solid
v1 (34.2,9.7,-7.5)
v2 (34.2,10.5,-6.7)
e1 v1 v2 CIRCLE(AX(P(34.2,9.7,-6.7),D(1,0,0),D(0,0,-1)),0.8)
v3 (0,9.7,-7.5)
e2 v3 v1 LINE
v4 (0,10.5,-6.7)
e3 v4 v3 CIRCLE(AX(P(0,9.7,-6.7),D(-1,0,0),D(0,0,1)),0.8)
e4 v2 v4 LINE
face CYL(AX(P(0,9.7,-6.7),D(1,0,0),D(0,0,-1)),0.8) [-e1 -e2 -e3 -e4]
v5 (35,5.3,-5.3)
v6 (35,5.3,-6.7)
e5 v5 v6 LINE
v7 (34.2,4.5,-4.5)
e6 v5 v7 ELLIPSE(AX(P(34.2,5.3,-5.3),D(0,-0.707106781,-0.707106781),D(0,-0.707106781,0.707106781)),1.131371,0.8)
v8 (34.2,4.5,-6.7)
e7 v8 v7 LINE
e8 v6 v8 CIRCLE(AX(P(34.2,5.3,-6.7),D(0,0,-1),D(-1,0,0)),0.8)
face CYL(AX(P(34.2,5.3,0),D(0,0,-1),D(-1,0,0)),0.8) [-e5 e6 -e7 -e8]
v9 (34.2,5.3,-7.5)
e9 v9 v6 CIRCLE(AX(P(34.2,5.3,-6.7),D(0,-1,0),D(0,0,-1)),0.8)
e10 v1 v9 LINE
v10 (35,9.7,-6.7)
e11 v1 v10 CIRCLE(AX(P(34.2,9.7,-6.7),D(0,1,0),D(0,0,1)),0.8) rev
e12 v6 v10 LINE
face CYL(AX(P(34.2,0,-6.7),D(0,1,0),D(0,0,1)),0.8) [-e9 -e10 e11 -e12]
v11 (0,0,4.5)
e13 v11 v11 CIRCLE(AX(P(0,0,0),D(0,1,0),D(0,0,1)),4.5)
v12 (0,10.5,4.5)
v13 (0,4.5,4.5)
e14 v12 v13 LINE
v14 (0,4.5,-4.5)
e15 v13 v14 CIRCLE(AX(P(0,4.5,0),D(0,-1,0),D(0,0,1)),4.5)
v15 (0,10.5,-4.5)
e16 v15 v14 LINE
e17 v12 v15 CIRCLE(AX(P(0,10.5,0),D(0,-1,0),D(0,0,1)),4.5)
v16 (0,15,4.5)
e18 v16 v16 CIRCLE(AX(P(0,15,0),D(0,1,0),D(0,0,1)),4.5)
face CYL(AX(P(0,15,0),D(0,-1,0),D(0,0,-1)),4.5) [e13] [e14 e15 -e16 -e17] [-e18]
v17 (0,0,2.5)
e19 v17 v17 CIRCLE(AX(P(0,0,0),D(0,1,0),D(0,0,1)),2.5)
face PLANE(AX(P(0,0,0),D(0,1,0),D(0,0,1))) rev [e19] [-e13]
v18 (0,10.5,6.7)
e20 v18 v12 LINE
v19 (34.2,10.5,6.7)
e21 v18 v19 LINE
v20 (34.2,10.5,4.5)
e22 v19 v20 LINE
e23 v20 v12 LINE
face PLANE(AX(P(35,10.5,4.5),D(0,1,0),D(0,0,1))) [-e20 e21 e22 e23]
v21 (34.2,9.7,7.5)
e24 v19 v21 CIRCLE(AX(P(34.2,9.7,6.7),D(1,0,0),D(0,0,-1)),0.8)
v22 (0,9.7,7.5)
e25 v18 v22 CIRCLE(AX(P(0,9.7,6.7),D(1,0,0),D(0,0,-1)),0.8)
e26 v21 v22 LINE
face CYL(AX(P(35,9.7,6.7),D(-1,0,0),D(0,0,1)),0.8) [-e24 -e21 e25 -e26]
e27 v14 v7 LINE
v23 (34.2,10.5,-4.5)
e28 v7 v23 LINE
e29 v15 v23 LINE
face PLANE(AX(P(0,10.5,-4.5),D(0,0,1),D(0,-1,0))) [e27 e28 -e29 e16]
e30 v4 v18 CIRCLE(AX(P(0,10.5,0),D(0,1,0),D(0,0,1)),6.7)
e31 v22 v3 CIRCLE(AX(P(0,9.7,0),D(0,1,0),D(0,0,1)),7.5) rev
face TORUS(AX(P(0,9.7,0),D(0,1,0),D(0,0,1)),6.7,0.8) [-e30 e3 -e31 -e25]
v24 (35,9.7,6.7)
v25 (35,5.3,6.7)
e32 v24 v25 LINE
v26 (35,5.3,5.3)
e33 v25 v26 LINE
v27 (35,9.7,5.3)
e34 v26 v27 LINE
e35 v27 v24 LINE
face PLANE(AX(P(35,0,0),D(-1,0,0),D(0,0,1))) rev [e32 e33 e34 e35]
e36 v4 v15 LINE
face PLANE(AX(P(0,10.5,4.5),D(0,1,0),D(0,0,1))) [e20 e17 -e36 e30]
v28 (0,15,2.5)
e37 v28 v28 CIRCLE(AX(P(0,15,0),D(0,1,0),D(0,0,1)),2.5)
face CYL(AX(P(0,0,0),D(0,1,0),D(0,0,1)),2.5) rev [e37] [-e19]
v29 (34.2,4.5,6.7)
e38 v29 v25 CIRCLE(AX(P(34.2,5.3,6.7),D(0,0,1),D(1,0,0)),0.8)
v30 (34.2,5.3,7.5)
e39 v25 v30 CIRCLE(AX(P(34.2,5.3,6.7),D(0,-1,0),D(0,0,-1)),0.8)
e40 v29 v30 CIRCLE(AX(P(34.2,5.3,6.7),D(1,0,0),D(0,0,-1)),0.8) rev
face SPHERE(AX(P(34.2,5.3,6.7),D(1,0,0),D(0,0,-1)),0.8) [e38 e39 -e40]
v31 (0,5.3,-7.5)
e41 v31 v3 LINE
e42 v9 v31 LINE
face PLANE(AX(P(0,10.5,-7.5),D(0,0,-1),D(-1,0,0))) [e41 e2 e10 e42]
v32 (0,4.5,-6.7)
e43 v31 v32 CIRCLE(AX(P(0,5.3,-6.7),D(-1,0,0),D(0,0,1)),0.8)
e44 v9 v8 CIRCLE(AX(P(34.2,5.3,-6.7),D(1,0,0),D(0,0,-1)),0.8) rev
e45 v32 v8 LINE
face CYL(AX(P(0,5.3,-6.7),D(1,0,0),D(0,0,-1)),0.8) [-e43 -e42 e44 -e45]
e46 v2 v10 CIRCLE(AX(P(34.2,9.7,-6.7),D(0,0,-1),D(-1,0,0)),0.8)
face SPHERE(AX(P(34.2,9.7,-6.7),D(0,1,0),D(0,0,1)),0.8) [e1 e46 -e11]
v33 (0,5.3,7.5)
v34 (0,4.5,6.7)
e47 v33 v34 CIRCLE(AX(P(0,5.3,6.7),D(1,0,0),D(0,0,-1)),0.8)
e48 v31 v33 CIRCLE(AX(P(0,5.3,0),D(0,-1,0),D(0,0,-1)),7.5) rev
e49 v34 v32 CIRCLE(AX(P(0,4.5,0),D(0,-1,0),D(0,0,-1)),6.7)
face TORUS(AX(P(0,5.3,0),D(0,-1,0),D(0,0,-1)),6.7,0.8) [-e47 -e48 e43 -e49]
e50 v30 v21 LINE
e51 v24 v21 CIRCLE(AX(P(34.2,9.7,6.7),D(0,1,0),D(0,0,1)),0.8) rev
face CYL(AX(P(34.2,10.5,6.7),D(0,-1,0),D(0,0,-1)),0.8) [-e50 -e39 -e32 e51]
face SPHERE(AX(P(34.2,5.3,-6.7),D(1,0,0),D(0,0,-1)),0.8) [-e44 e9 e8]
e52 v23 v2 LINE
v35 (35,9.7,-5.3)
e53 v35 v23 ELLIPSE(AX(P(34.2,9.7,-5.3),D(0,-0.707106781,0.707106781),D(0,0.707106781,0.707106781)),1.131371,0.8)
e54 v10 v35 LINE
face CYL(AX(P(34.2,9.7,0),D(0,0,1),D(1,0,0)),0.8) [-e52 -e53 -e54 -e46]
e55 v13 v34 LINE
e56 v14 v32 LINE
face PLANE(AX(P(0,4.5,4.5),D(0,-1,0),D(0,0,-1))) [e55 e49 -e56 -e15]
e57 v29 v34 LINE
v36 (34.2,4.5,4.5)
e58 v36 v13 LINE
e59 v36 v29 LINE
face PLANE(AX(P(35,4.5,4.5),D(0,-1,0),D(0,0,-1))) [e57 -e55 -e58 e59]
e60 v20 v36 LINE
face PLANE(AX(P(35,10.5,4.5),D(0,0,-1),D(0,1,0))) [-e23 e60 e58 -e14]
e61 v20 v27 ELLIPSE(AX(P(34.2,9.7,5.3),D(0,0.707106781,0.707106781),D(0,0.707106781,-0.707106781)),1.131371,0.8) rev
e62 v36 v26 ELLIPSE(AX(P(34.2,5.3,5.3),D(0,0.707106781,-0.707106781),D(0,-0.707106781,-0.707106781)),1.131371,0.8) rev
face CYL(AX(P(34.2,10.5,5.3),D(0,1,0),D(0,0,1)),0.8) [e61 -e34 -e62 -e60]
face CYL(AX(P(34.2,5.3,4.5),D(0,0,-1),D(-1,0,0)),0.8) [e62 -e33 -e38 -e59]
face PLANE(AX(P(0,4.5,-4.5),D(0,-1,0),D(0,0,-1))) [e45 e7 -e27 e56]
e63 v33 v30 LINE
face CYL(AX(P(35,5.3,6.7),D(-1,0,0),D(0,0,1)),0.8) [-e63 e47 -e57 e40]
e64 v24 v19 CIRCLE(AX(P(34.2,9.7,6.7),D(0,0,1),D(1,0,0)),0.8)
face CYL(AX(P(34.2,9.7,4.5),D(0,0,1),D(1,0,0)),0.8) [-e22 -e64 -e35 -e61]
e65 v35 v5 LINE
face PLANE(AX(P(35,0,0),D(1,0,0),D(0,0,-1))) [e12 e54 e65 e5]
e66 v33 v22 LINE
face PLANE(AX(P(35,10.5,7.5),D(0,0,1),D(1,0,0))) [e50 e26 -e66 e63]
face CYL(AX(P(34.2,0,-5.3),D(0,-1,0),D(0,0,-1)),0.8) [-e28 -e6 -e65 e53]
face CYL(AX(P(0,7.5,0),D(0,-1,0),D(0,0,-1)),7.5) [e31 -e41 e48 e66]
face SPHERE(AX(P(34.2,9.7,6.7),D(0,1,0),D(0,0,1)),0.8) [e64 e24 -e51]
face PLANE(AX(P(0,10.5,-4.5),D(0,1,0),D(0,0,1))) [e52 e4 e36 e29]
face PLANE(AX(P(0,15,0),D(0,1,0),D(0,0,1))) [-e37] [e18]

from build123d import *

# Parameters (mm, degrees)
SKETCH1_R           = 4.5
BOSS_EXTRUDE1_DEPTH = 15
SKETCH2_R           = 2.5
CUT_EXTRUDE1_DEPTH  = 17.294170737
SKETCH4_W           = 3
SKETCH4_H           = 6
FILLET1_R           = 0.8


with BuildPart() as part:
    # Sketch1 → Boss-Extrude1 (new body)
    with BuildSketch(Plane(origin=(0, 0, 0), x_dir=(1, 0, 0), z_dir=(0, 1, 0))):
        with Locations(Location((0, 0, 0), (0, 0, 270))):
            Circle(SKETCH1_R)
    extrude(amount=BOSS_EXTRUDE1_DEPTH)

    # Sketch2 → Cut-Extrude1 (cut, through all)
    with BuildSketch(Plane(origin=(0, 15, 0), x_dir=(1, 0, 0), z_dir=(0, 1, 0))):
        with Locations(Location((0, 0, 0), (0, 0, 270))):
            Circle(SKETCH2_R)
    extrude(amount=-CUT_EXTRUDE1_DEPTH, mode=Mode.SUBTRACT)

    # Sweep1: sweep along a path in Sketch3
    with BuildLine(Plane(origin=(0, 7.5, 0), x_dir=(1, 0, 0), z_dir=(0, 1, 0))) as sweep1_path:
        Line((35, 6), (0, 6))
        ThreePointArc((0, 6), (-6, 0), (0, -6))
        Line((0, -6), (35, -6))
    # Sketch4 → Sweep1 (sweep)
    with BuildSketch(Plane(origin=(35, 0, 0), x_dir=(0, 0, -1), z_dir=(1, 0, 0))):
        with Locations((6, 7.5)):
            Rectangle(SKETCH4_W, SKETCH4_H)
    sweep(path=sweep1_path.line)

    # Fillet1
    fillet1_edges = [part.edges().sort_by_distance(p)[0] for p in [
        (35, 7.5, -7.5),
        (35, 10.5, -6),
        (35, 7.5, -4.5),
        (35, 4.5, -6),
        (35, 7.5, 4.5),
        (17.5, 4.5, 7.5),
        (35, 4.5, 6),
        (17.5, 10.5, 7.5),
        (35, 7.5, 7.5),
        (35, 10.5, 6),
        (-7.5, 4.5, 0),
        (-7.5, 10.5, 0),
        (17.5, 4.5, -7.5),
        (17.5, 10.5, -7.5),
    ]]
    fillet(fillet1_edges, radius=FILLET1_R)


solid = part.part
